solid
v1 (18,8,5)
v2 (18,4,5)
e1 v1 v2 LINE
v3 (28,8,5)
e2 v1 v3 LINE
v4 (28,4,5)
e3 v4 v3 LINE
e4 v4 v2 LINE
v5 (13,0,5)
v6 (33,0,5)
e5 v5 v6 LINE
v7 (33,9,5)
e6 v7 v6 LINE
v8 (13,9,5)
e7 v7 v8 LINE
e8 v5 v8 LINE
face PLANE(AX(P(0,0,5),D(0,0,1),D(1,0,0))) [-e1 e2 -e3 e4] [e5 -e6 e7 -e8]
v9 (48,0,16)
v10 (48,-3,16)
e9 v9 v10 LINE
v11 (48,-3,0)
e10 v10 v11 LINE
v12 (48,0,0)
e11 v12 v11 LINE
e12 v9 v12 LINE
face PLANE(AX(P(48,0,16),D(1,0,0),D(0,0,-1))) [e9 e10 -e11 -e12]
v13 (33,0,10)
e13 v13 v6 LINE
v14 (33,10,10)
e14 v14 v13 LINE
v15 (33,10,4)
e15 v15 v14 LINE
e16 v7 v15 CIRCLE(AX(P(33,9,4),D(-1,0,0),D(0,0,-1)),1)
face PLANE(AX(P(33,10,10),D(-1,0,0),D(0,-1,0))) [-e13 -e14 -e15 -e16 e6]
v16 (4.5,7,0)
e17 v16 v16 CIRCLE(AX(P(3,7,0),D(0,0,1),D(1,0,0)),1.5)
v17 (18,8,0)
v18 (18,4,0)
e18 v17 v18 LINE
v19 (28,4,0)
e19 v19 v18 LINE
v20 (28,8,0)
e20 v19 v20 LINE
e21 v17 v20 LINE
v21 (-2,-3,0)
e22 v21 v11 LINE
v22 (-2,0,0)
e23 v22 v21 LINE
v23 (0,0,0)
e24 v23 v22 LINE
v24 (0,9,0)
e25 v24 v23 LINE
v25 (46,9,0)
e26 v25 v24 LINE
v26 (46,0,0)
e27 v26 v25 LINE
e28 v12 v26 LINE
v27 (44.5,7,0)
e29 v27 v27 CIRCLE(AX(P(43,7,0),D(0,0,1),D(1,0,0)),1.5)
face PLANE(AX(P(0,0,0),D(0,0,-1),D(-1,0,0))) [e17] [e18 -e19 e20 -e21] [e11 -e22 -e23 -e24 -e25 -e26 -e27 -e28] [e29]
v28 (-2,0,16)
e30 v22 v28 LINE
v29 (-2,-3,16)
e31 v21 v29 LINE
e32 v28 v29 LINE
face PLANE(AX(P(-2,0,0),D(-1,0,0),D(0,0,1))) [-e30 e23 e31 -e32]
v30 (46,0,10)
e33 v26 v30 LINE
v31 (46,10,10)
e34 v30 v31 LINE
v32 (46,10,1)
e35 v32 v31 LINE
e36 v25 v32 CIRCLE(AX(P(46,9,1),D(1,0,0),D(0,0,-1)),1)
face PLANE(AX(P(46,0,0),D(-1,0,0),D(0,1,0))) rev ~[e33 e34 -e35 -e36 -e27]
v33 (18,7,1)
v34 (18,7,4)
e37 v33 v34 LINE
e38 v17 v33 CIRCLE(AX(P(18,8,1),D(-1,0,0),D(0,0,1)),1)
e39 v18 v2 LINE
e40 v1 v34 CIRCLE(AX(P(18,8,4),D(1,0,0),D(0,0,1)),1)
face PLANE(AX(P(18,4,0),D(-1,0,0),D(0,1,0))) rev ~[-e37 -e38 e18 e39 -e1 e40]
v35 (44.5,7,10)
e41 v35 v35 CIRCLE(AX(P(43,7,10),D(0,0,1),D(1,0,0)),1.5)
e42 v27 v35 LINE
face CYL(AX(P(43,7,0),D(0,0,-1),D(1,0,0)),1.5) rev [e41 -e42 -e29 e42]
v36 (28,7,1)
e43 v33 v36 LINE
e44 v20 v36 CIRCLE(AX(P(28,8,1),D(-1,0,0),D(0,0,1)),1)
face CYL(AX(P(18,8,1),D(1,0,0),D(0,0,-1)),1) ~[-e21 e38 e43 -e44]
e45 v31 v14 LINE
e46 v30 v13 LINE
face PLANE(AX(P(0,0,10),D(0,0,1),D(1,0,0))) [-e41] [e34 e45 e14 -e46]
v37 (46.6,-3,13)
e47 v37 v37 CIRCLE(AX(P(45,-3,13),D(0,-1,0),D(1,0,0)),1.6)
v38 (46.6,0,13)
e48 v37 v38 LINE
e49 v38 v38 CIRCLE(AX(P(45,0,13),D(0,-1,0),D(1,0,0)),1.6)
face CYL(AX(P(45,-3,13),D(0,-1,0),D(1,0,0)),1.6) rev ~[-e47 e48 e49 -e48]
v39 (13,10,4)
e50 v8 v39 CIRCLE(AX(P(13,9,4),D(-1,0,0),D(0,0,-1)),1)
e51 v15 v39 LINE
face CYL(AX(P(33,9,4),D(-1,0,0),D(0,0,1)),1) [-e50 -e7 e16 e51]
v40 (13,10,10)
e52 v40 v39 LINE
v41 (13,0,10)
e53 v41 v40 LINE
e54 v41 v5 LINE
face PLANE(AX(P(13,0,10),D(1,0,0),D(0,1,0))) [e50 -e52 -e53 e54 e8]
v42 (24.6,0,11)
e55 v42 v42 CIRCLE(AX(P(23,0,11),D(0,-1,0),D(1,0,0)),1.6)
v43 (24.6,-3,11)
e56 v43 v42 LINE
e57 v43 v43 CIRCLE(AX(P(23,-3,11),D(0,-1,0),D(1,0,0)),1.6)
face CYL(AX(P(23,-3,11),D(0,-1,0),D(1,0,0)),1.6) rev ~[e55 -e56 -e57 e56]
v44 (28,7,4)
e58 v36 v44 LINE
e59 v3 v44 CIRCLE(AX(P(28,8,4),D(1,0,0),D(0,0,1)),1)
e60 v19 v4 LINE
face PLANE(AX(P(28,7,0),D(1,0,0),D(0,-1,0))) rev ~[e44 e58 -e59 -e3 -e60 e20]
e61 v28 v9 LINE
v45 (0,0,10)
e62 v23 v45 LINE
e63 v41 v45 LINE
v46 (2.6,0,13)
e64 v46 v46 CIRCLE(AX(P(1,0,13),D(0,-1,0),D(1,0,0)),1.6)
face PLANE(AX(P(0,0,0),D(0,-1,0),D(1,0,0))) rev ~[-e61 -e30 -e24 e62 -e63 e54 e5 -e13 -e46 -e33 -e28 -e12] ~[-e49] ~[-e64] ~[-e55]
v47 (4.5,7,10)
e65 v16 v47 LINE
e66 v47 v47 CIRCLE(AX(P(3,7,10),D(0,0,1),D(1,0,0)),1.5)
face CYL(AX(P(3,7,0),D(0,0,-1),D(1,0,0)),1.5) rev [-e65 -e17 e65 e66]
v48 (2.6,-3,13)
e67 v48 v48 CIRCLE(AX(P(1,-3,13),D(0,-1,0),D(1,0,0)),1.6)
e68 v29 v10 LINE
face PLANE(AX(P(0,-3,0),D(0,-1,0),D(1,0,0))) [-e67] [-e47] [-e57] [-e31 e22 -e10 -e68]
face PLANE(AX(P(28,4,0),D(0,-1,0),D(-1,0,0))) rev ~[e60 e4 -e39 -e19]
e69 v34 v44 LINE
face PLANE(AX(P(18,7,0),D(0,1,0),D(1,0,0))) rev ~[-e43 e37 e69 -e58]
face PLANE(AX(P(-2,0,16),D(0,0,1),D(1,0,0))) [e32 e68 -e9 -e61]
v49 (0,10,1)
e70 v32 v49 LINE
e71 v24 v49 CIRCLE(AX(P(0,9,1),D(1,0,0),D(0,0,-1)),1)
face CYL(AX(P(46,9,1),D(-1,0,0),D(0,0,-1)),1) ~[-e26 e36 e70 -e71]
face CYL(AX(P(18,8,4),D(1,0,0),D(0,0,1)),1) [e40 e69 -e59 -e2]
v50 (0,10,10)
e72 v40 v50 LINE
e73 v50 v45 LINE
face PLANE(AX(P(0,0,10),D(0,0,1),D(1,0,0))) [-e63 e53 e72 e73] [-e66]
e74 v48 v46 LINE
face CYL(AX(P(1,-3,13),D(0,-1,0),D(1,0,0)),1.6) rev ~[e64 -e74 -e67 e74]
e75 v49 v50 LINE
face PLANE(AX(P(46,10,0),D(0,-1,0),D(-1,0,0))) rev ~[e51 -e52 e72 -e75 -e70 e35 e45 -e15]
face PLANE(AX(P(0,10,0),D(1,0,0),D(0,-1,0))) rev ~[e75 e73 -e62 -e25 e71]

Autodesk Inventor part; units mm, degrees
ref_plane "YZ Plane" through (0, 0, 0) normal (1, 0, 0) x (0, 1, 0)
ref_plane "XZ Plane" through (0, 0, 0) normal (0, 1, 0) x (-1, 0, 0)
ref_plane "XY Plane" through (0, 0, 0) normal (0, 0, 1) x (1, 0, 0)
sketch "Sketch1" plane through (0, 0, 0) normal (0, 0, 1) x (1, 0, 0)
  line L0 (0, 0) -> (46, 0)
  line L1 (46, 0) -> (46, 10)
  line L2 (46, 10) -> (0, 10)
  line L3 (0, 10) -> (0, 0)
  circle A0 centre (3, 7) radius 1.5
  circle A1 centre (43, 7) radius 1.5
  circle A2 centre (13, 3) radius 3
  circle A3 centre (33, 3) radius 3
  line L4 (18, 7) -> (28, 7)
  line L5 (28, 7) -> (28, 4)
  line L6 (28, 4) -> (18, 4)
  line L7 (18, 4) -> (18, 7)
  point P0 (23, 7)
  point P1 (23, 10)
  dimension "d2" = 10
  dimension "d3" = 3
  dimension "d4" = 3
  dimension "d5" = 3
  dimension "d6" = 3
  dimension "d7" = 3
  dimension "d8" = 40
  dimension "d11" = 6
  dimension "d12" = 6
  dimension "d13" = 10
  dimension "d14" = 10
  dimension "d26" = 7
  dimension "d27" = 10
  dimension "d28" = 3
extrude "Extrusion1" add sketch "Sketch1" along normal blind 10 contours A2 | A3 | L3 L2 L1 L0
sketch "Sketch2" plane through (0, 0, 10) normal (0, 0, 1) x (1, 0, 0)
  line L0 (46, 10) -> (0, 10) projected
  line L1 (0, 0) -> (46, 0) projected
  line L2 (13, 10) -> (33, 10)
  line L3 (33, 10) -> (33, 0)
  line L4 (33, 0) -> (13, 0)
  line L5 (13, 0) -> (13, 10)
  point P0 (23, 10)
  point P1 (23, 10)
  dimension "d15" = 20
extrude "Extrusion2" cut sketch "Sketch2" against normal blind 5
sketch "Sketch3" plane through (0, 0, 0) normal (0, -1, 0) x (1, 0, 0)
  line L0 (-2, 16) -> (48, 16)
  line L1 (48, 16) -> (48, 0)
  line L2 (48, 0) -> (-2, 0)
  line L3 (-2, 0) -> (-2, 16)
  line L4 (0, 10) -> (13, 10) projected
  line L5 (0, 0) -> (0, 10) projected
  line L6 (46, 0) -> (46, 10) projected
  line L7 (0, 0) -> (46, 0) projected
  point P0 (23, 16)
  point P1 (23, 0)
  dimension "d19" = 6
  dimension "d22" = 0
  dimension "d30" = 50
extrude "Extrusion3" add sketch "Sketch3" along normal blind 3
fillet "Fillet1" radius 1 4 edges at (23, 10, 5) (23, 10, 0) (23, 7, 0) (23, 7, 5)
sketch "Sketch4" plane through (0, -3, 0) normal (0, -1, 0) x (1, 0, 0)
  circle A0 centre (1, 13) radius 1.6
  circle A1 centre (45, 13) radius 1.6
  line L0 (48, 16) -> (-2, 16) projected
  circle A2 centre (23, 11) radius 1.6
  point P0 (0, 0)
  point P1 (23, 16)
  dimension "d32" = 3.2
  dimension "d33" = 3.2
  dimension "d34" = 3
  dimension "d35" = 3
  dimension "d36" = 3
  dimension "d37" = 3
  dimension "d38" = 3.2
  dimension "d39" = 5
extrude "Extrusion4" cut sketch "Sketch4" against normal blind 10
equation "\"d11\" = d12"
equation "\"d19\" = d20"
equation "\"d32\" = d38"
equation "\"d33\" = d38"
equation "\"d20\" = 6"
properties part number "z endcap"
